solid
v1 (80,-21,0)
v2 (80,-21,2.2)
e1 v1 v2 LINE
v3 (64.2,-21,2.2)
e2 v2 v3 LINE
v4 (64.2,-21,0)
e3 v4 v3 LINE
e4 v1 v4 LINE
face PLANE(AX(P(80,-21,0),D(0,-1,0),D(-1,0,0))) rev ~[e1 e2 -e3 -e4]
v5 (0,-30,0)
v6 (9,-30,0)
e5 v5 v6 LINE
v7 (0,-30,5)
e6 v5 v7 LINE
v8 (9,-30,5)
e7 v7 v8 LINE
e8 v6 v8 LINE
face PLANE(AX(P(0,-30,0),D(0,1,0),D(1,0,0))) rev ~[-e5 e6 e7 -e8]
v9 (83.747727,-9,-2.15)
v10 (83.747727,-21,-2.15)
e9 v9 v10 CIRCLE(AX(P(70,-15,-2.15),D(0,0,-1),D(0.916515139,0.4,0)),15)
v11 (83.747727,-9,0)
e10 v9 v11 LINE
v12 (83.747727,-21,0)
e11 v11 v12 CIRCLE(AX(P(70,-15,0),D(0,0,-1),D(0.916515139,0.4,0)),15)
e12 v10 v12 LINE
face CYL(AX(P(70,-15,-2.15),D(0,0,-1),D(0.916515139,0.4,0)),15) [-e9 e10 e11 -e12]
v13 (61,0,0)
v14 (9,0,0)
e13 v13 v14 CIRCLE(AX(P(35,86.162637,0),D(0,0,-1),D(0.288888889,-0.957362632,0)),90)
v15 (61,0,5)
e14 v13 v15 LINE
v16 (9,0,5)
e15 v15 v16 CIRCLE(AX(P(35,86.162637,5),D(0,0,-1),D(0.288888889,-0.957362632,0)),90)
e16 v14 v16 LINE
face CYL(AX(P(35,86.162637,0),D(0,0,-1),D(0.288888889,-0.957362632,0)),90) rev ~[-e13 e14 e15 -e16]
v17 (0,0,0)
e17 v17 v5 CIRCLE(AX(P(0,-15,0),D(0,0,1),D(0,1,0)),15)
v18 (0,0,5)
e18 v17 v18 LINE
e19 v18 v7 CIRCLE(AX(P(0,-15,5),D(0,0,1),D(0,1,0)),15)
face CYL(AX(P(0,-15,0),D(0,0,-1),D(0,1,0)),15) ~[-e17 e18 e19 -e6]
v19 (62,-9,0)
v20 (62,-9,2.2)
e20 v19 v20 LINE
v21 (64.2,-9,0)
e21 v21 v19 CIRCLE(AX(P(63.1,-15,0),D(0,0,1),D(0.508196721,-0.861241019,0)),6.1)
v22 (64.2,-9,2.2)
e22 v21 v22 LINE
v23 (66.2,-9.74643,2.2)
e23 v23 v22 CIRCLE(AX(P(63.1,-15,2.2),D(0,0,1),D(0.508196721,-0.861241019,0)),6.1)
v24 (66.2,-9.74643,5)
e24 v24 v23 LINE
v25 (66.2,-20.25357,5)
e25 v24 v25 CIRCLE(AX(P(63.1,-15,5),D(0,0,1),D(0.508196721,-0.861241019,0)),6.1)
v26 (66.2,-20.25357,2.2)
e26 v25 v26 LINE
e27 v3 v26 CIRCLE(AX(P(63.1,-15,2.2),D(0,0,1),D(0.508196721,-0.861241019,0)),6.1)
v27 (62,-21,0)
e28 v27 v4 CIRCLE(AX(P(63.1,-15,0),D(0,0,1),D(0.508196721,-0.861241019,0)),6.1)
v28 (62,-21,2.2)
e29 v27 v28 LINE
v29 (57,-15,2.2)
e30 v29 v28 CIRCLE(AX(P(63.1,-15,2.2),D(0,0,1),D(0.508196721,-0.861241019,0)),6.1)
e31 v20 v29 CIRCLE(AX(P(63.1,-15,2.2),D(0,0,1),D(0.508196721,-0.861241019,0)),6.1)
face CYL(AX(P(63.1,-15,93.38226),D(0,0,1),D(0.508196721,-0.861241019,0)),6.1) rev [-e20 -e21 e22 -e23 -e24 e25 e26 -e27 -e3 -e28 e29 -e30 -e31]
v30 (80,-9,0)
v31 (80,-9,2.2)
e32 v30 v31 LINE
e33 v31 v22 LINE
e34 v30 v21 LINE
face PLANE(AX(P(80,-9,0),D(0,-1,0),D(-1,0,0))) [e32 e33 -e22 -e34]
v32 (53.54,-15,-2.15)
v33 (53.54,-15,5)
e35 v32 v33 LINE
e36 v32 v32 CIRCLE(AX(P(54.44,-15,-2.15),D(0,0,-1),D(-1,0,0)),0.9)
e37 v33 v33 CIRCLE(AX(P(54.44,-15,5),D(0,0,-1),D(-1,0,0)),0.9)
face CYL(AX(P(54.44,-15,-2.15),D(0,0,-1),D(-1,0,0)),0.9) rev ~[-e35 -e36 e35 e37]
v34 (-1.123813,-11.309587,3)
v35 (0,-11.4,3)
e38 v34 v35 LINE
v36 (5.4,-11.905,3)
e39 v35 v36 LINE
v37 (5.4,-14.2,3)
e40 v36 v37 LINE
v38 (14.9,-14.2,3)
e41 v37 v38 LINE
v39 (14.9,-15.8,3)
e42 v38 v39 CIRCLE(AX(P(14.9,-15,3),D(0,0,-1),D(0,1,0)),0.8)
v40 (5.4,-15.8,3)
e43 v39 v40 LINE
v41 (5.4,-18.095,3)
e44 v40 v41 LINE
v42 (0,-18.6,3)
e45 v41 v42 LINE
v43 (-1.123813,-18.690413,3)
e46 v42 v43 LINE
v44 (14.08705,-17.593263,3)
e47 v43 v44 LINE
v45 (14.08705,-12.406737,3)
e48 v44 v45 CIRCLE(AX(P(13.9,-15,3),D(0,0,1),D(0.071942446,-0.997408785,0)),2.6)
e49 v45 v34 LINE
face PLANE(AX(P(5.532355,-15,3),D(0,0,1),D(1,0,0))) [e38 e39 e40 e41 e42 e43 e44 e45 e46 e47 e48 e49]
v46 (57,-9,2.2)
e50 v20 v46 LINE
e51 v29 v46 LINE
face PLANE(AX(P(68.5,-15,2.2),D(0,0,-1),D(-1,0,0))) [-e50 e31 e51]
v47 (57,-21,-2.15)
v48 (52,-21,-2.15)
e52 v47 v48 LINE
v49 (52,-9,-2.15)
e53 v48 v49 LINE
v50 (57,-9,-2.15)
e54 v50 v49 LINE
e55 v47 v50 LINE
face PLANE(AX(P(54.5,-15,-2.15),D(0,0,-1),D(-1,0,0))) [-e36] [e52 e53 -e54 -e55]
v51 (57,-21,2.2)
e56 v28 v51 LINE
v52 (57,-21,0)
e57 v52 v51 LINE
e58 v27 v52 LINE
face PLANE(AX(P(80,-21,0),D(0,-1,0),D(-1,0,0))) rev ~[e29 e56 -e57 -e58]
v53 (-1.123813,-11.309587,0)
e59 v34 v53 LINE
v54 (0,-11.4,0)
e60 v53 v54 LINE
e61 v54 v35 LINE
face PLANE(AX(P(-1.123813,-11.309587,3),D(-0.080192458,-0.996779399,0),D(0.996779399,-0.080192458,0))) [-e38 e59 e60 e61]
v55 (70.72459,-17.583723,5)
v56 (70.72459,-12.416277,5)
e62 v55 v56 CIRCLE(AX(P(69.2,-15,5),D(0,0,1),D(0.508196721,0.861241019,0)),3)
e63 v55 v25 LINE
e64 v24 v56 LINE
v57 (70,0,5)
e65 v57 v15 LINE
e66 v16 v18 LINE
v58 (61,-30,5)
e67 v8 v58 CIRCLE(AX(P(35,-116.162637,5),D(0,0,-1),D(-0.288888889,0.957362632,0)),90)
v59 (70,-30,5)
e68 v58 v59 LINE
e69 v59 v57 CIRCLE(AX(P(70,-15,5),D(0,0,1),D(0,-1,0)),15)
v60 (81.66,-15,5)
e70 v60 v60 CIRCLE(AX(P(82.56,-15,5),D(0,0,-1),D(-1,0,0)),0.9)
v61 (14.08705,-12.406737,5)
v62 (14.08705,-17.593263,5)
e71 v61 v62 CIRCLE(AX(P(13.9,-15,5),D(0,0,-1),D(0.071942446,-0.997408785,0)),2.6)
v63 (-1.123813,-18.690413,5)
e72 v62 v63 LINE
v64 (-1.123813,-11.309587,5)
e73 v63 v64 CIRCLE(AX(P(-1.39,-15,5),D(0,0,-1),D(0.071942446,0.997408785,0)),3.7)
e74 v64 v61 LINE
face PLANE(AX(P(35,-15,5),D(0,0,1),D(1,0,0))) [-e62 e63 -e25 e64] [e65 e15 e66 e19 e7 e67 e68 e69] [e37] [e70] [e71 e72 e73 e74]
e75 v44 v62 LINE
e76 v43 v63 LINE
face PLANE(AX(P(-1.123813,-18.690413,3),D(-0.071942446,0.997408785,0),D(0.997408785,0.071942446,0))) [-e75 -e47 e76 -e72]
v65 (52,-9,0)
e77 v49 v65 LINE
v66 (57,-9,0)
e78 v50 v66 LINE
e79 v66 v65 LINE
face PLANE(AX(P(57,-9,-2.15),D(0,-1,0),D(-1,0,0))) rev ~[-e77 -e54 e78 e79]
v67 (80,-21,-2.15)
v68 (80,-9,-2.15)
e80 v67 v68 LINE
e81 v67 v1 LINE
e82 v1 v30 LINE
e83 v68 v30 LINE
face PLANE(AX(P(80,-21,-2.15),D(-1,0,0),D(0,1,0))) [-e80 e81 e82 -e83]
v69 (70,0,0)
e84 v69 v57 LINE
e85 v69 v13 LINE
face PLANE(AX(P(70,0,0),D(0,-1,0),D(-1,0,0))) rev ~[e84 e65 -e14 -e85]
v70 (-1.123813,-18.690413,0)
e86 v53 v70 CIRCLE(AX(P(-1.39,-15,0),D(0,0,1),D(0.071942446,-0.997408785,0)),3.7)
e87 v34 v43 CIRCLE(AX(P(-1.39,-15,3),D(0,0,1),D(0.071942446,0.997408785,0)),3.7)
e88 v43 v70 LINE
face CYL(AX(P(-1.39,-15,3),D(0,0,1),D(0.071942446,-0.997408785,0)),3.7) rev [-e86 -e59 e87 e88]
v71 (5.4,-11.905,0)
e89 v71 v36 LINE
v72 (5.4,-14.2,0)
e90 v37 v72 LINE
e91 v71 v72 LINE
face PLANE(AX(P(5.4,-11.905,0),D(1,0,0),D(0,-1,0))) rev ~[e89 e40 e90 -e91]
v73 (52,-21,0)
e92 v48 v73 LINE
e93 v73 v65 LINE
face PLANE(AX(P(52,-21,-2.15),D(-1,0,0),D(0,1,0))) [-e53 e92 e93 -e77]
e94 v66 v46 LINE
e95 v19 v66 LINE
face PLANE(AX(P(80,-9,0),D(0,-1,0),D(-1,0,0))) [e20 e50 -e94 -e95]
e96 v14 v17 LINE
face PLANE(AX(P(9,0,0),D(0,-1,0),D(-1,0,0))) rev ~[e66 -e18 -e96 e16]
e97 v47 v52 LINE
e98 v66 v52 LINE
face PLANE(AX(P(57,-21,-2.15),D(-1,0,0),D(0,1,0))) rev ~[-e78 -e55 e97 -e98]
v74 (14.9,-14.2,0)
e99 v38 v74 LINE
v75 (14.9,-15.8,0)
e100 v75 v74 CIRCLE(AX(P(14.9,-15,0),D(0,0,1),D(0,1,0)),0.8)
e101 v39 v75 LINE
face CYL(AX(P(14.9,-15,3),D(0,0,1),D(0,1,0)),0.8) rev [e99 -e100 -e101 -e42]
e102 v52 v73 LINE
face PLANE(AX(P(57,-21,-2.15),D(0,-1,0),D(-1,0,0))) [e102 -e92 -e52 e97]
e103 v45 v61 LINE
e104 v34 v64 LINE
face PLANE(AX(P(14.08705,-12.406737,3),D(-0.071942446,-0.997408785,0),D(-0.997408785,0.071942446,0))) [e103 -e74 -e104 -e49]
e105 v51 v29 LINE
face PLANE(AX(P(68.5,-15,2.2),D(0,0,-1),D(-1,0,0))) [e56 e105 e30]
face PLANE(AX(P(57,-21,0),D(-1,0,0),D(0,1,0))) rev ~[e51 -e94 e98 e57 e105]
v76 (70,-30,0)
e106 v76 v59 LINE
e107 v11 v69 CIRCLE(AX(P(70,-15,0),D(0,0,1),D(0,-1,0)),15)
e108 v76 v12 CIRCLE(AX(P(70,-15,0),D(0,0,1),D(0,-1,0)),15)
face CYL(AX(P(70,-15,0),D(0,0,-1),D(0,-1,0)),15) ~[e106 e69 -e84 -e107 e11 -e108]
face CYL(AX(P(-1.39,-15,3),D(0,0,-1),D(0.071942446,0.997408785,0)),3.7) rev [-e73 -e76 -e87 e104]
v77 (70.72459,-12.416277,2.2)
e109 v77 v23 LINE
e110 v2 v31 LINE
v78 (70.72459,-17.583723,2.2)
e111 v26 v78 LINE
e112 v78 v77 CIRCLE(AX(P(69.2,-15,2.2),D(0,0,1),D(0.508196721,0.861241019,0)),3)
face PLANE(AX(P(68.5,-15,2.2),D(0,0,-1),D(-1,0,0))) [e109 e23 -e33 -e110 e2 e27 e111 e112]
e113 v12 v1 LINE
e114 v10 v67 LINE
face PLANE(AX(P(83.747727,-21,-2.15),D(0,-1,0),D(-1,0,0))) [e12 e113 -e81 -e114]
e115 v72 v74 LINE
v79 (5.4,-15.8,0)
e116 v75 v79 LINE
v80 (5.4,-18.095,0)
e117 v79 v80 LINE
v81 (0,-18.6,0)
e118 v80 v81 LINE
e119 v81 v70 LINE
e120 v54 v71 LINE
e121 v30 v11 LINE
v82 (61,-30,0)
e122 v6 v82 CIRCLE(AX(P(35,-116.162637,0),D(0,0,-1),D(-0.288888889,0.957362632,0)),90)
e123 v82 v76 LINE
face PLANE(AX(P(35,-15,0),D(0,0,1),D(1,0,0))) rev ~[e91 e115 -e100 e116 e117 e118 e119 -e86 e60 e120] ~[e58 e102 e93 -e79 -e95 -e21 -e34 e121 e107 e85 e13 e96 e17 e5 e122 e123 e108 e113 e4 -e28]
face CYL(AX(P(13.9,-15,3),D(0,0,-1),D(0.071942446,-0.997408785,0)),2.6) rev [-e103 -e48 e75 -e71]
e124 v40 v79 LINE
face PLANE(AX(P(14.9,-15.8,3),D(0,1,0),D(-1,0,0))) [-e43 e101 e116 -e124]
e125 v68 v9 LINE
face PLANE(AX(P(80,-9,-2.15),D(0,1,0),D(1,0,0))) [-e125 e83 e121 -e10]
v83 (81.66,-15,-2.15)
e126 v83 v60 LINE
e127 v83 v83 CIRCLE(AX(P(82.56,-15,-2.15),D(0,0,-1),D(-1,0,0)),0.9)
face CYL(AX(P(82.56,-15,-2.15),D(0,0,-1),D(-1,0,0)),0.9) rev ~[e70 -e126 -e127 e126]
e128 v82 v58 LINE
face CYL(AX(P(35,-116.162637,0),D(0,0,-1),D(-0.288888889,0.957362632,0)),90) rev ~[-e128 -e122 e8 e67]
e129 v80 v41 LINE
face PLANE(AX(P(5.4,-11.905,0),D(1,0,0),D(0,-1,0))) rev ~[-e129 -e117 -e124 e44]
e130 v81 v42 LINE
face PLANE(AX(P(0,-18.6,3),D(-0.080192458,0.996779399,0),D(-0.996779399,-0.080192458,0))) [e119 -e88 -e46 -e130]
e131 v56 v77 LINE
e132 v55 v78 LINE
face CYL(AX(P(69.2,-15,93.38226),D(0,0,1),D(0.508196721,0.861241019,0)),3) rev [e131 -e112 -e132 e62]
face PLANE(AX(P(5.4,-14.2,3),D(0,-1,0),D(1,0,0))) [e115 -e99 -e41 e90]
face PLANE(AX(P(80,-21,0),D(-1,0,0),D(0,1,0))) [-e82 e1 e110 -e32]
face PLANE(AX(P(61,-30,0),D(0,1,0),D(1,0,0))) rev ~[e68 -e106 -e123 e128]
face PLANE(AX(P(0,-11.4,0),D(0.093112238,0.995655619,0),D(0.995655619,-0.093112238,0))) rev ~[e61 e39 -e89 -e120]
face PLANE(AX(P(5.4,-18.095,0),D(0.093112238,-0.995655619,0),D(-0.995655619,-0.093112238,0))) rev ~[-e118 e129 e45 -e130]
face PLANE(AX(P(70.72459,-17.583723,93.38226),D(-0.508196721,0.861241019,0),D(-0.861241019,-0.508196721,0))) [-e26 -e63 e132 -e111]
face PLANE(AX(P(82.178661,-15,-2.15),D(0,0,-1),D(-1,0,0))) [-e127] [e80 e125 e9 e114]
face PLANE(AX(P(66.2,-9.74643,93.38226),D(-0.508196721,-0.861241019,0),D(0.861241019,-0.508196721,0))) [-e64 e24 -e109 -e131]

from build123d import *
from build123d.topology import SkipClean

# Parameters (mm, degrees)
BOSS_EXTRUDE1_DEPTH        = 5
CROQUIS3_W                 = 23
CROQUIS3_H                 = 12
CORTAR_EXTRUIR2_DEPTH      = 2.2
CORTAR_EXTRUIR3_DEPTH      = 91.182259896
CORTAR_EXTRUIR3_DEPTH_BACK = 91.182259896
CUT_EXTRUDE4_DEPTH         = 91.277350426
CUT_EXTRUDE4_DEPTH_BACK    = 2
CUT_EXTRUDE6_DEPTH         = 91.188691087
BOSS_EXTRUDE2_START        = 2.15
SKETCH9_W                  = 5
SKETCH9_H                  = 12
BOSS_EXTRUDE2_DEPTH        = 2.15
SKETCH10_R                 = 0.9
CUT_EXTRUDE7_DEPTH         = 8
CUT_EXTRUDE8_DEPTH         = 91.28578238


with BuildPart() as part:
    # Sketch1 → Boss-Extrude1 (new body)
    with BuildSketch(Plane(origin=(0, 0, 0), x_dir=(-1, 0, 0), z_dir=(0, 0, -1))):
        with BuildLine():
            Line((-70, 0), (-61, 0))
            ThreePointArc((-61, 0), (-35, -3.837363086), (-9, 0))
            Line((-9, 0), (0, 0))
            ThreePointArc((0, 0), (15, -15), (0, -30))
            Line((0, -30), (-9, -30))
            ThreePointArc((-9, -30), (-35, -26.162636914), (-61, -30))
            Line((-61, -30), (-70, -30))
            ThreePointArc((-70, -30), (-85, -15), (-70, 0))
        make_face()
        with BuildLine():
            Line((0, -11.4), (-5.4, -11.905))
            Line((-5.4, -11.905), (-5.4, -18.095))
            Line((-5.4, -18.095), (0, -18.6))
            ThreePointArc((0, -18.6), (3.6, -15), (0, -11.4))
        make_face(mode=Mode.SUBTRACT)
    extrude(amount=-BOSS_EXTRUDE1_DEPTH)

    # Croquis3 → Cortar-Extruir2 (cut)
    with BuildSketch(Plane(origin=(0, 0, 0), x_dir=(-1, 0, 0), z_dir=(0, 0, -1))):
        with Locations((-68.5, -15)):
            Rectangle(CROQUIS3_W, CROQUIS3_H)
    extrude(amount=-CORTAR_EXTRUIR2_DEPTH, mode=Mode.SUBTRACT)

    # Croquis4 → Cortar-Extruir3 (cut, two sides: drawn at the far end of the back side and taken through both)
    with BuildSketch(Plane(origin=(0, 0, 2.2), x_dir=(-1, 0, 0), z_dir=(0, 0, -1)).offset(-CORTAR_EXTRUIR3_DEPTH_BACK)):
        with BuildLine():
            Line((-66.2, -9.746429785), (-70.724590164, -12.416276944))
            ThreePointArc((-70.724590164, -12.416276944), (-72.2, -15), (-70.724590164, -17.583723056))
            Line((-70.724590164, -17.583723056), (-66.2, -20.253570215))
            ThreePointArc((-66.2, -20.253570215), (-57, -15), (-66.2, -9.746429785))
        make_face()
    extrude(amount=CORTAR_EXTRUIR3_DEPTH + CORTAR_EXTRUIR3_DEPTH_BACK, mode=Mode.SUBTRACT)

    # Sketch6 → Cut-Extrude4 (cut, two sides: drawn at the far end of the back side and taken through both)
    with BuildSketch(Plane.XY.offset(5).offset(-CUT_EXTRUDE4_DEPTH_BACK)):
        with BuildLine():
            Line((14.08705036, -12.406737159), (-1.12381295, -11.309587495))
            ThreePointArc((-1.12381295, -11.309587495), (-5.09, -15), (-1.12381295, -18.690412505))
            Line((-1.12381295, -18.690412505), (14.08705036, -17.593262841))
            ThreePointArc((14.08705036, -17.593262841), (16.5, -15), (14.08705036, -12.406737159))
        make_face()
    extrude(amount=CUT_EXTRUDE4_DEPTH + CUT_EXTRUDE4_DEPTH_BACK, mode=Mode.SUBTRACT)

    # Sketch8 → Cut-Extrude6 (cut, through all)
    with SkipClean():  # the faces are left unmerged after this step: merging them gives an invalid solid
        with BuildSketch(Plane.XY.offset(3)):
            with BuildLine():
                Line((-1.12381295, -11.309587495), (0, -11.4))
                ThreePointArc((0, -11.4), (-3.6, -15), (0, -18.6))
                Line((0, -18.6), (-1.12381295, -18.690412505))
                ThreePointArc((-1.12381295, -18.690412505), (-5.09, -15), (-1.12381295, -11.309587495))
            make_face()
        extrude(amount=-CUT_EXTRUDE6_DEPTH, mode=Mode.SUBTRACT)

    # Sketch9 → Boss-Extrude2 (add)
    with SkipClean():  # the faces are left unmerged after this step: merging them gives an invalid solid
        with BuildSketch(Plane(origin=(0, 0, 0), x_dir=(-1, 0, 0), z_dir=(0, 0, -1)).offset(BOSS_EXTRUDE2_START)):
            with BuildLine():
                Line((-83.747727085, -21), (-80, -21))
                Line((-80, -21), (-80, -9))
                Line((-80, -9), (-83.747727085, -9))
                ThreePointArc((-83.747727085, -9), (-85, -15), (-83.747727085, -21))
            make_face()
            with Locations((-54.5, -15)):
                Rectangle(SKETCH9_W, SKETCH9_H)
        extrude(amount=-BOSS_EXTRUDE2_DEPTH)

    # Sketch10 → Cut-Extrude7 (cut)
    with SkipClean():  # the faces are left unmerged after this step: merging them gives an invalid solid
        with BuildSketch(Plane(origin=(0, 0, -2.15), x_dir=(-1, 0, 0), z_dir=(0, 0, -1))):
            with Locations((-54.44, -15)):
                Circle(SKETCH10_R)
            with Locations((-82.56, -15)):
                Circle(SKETCH10_R)
        extrude(amount=-CUT_EXTRUDE7_DEPTH, mode=Mode.SUBTRACT)

    # Sketch11 → Cut-Extrude8 (cut, through all)
    with SkipClean():  # the faces are left unmerged after this step: merging them gives an invalid solid
        with BuildSketch(Plane.XY.offset(3)):
            with BuildLine():
                Line((5.4, -14.2), (14.9, -14.2))
                ThreePointArc((14.9, -14.2), (15.7, -15), (14.9, -15.8))
                Line((14.9, -15.8), (5.4, -15.8))
                Line((5.4, -15.8), (5.4, -14.2))
            make_face()
        extrude(amount=-CUT_EXTRUDE8_DEPTH, mode=Mode.SUBTRACT)


solid = part.part
